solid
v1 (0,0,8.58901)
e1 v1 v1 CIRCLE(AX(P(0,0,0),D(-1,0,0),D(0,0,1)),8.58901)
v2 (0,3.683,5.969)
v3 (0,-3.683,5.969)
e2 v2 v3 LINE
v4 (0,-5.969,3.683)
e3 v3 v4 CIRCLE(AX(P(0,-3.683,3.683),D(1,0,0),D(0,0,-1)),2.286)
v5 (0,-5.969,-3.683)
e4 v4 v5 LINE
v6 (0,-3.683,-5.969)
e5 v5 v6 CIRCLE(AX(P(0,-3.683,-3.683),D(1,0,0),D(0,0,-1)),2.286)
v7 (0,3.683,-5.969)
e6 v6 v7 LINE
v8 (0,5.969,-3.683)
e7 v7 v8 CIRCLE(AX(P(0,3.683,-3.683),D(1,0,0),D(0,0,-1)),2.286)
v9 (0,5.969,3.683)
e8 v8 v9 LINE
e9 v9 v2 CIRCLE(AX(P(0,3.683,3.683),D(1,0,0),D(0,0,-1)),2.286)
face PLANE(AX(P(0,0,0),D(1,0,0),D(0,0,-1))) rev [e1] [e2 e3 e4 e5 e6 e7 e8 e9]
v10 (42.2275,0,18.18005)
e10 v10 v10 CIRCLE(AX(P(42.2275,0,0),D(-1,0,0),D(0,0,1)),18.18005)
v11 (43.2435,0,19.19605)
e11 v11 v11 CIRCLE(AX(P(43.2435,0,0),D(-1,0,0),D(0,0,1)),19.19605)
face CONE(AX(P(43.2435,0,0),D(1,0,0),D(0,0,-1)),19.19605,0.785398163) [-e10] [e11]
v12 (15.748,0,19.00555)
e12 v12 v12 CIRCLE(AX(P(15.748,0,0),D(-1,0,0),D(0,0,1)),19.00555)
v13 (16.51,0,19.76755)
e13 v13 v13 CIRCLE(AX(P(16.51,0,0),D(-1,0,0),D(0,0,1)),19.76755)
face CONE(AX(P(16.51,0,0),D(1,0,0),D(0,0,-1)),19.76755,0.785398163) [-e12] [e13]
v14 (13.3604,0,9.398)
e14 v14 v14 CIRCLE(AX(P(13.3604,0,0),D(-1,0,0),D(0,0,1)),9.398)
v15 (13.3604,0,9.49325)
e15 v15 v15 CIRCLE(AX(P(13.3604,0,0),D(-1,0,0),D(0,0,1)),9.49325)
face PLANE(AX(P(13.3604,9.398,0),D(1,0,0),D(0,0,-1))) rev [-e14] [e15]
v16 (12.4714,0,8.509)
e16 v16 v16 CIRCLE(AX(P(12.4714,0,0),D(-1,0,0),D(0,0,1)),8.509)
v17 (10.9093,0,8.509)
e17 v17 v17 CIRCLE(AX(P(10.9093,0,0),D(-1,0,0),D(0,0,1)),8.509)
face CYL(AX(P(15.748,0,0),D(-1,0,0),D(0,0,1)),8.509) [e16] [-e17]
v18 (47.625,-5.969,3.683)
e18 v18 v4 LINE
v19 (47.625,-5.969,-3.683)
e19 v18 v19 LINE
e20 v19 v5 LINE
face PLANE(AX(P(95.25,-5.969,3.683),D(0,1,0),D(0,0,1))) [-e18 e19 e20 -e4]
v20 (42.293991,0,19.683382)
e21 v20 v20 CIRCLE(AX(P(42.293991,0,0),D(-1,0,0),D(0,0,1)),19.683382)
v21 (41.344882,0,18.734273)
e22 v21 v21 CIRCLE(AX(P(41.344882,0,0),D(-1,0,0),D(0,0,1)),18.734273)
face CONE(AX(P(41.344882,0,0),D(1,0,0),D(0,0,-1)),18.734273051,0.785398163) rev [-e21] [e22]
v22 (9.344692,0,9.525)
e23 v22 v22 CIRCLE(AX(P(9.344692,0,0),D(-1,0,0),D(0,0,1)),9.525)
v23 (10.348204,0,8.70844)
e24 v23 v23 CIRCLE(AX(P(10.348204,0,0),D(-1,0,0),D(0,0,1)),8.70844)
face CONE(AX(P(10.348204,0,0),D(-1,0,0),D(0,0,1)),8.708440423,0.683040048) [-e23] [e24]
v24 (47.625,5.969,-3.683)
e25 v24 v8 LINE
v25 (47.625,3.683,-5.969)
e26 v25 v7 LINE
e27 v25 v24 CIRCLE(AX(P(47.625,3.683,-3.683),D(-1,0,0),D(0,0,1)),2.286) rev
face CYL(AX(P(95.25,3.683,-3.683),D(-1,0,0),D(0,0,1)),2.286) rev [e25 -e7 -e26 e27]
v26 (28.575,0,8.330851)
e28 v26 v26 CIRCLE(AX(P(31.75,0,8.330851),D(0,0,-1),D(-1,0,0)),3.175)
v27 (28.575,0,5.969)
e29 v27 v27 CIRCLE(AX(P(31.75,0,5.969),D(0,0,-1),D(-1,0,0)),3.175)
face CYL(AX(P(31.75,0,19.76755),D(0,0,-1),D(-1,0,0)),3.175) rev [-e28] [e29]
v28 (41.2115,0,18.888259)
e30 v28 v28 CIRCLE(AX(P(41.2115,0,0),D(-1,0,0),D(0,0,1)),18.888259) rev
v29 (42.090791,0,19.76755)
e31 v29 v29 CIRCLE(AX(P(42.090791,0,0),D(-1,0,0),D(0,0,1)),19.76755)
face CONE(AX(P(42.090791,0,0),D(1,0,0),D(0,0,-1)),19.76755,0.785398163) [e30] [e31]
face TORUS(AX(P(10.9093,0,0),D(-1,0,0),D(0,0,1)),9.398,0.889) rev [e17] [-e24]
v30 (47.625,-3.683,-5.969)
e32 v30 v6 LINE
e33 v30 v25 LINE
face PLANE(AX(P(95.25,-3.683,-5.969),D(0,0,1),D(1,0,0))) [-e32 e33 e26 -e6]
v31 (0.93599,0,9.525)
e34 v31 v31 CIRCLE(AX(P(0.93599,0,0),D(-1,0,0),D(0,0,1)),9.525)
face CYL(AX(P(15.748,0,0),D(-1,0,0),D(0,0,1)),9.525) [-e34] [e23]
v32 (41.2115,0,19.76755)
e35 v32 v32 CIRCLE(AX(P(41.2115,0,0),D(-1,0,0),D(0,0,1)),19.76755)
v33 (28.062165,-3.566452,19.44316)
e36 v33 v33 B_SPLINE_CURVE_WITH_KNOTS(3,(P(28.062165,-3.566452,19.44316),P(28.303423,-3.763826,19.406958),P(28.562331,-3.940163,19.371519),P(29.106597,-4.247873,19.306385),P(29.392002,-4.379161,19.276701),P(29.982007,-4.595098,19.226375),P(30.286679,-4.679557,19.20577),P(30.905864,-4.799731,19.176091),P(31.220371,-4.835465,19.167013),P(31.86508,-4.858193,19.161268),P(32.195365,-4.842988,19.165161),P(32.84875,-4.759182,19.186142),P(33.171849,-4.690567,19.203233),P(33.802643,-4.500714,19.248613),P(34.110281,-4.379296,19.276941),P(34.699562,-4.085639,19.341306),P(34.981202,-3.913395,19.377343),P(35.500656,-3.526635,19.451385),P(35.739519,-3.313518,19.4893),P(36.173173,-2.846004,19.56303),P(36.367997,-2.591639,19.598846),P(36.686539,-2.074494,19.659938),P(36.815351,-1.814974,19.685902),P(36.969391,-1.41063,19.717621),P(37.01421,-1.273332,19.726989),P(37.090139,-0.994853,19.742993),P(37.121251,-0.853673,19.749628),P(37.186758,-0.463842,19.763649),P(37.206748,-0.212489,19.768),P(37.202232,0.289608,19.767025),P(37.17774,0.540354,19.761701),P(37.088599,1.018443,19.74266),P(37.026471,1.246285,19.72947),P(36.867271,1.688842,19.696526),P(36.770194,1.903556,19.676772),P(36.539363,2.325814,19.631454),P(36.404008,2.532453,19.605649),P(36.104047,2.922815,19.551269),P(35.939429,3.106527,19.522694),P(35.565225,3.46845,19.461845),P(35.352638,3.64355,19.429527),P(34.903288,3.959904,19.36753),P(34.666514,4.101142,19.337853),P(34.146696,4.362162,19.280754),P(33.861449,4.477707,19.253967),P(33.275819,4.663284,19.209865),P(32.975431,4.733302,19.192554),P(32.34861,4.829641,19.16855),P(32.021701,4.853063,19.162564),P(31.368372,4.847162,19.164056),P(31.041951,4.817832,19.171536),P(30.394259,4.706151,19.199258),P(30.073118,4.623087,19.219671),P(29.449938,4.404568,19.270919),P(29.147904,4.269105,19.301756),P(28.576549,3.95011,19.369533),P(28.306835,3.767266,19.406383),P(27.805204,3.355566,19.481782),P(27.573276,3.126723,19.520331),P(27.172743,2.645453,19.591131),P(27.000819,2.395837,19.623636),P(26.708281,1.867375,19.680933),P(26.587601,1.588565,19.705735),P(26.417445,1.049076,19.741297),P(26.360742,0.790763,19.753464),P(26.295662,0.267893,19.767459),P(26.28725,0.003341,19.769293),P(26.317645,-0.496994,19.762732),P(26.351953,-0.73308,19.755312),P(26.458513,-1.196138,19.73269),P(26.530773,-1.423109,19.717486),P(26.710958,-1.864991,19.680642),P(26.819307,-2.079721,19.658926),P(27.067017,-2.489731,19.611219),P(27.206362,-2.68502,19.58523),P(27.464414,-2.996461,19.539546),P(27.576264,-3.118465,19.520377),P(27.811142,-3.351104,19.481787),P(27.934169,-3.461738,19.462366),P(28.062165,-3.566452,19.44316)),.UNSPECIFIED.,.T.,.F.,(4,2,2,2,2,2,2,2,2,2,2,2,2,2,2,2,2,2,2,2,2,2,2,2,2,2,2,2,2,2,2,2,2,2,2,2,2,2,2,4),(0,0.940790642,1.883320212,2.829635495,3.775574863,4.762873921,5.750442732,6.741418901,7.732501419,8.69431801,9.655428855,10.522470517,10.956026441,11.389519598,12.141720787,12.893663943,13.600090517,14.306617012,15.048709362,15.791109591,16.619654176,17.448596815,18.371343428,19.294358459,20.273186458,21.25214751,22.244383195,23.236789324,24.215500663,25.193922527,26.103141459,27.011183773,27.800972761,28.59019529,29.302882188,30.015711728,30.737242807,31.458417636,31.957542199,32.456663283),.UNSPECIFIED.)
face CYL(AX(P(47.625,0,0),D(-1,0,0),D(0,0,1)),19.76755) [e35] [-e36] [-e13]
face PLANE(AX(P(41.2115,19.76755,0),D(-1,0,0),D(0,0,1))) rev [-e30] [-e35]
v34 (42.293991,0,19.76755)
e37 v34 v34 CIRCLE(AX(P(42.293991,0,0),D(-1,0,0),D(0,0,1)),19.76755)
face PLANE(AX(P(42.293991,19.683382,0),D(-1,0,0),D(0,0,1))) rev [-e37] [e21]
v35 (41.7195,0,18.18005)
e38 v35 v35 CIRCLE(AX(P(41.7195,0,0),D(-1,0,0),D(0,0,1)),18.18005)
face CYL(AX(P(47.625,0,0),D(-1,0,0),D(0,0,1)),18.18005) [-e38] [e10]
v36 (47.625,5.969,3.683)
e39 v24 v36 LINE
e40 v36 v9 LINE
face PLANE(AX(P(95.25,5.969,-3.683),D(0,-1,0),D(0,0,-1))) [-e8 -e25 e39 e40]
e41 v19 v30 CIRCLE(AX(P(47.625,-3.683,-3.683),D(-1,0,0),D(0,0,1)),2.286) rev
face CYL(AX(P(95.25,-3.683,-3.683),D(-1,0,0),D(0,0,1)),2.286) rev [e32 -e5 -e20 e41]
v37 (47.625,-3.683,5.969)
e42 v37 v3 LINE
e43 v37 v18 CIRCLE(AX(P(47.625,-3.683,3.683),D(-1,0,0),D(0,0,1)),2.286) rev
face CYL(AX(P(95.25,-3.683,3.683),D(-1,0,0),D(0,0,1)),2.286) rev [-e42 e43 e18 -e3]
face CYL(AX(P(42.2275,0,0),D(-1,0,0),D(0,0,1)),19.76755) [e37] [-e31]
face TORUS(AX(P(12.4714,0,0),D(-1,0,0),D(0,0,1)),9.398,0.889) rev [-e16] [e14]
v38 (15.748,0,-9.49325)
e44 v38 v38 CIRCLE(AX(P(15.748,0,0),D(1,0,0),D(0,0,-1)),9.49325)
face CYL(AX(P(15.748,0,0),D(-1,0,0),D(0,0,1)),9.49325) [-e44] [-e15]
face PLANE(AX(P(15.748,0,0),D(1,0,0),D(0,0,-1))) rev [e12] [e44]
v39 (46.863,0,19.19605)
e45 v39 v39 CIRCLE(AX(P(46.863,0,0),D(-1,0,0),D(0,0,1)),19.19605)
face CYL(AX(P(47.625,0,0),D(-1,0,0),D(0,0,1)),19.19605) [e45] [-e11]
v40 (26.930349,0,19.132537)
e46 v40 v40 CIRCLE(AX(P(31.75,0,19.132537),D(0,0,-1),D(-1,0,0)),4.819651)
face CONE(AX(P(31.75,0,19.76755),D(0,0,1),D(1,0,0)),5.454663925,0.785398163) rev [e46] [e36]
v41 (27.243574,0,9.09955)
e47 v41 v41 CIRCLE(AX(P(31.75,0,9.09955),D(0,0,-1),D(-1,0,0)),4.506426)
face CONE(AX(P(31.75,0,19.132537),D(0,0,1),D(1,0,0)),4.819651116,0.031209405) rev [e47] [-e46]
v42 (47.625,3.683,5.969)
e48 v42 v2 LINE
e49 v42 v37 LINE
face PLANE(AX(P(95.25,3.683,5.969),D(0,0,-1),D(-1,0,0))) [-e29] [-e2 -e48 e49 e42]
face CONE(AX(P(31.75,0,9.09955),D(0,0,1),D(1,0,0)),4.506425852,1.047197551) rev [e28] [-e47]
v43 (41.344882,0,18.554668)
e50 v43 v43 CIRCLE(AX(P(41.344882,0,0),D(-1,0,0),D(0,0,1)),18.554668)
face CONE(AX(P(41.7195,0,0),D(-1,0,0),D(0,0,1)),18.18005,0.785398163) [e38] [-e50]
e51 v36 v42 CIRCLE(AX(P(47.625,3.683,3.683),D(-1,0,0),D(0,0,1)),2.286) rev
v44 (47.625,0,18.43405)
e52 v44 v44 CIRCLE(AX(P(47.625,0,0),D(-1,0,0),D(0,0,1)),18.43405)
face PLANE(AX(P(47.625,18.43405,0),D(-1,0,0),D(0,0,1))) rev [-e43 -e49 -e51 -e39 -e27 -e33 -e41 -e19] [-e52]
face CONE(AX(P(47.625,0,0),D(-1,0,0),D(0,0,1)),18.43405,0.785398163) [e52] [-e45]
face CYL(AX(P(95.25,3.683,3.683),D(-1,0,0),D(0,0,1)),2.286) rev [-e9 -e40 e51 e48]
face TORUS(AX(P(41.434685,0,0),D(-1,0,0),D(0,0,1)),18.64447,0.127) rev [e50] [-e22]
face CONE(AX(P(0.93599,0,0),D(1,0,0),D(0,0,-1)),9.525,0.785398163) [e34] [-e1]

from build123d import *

# Parameters (mm, degrees)
CUT_EXTRUDE1_DEPTH = 95.25


with BuildPart() as part:
    # Sketch1 → Revolve1 (revolve)
    with BuildSketch(Plane.XY):
        with BuildLine():
            Line((0, 0), (0, 8.58901))
            Line((0, 8.58901), (0.93599, 9.525))
            Line((0.93599, 9.525), (9.344692072, 9.525))
            Line((9.344692072, 9.525), (10.348204118, 8.708440423))
            ThreePointArc((10.348204118, 8.708440423), (10.611556372, 8.560342712), (10.9093, 8.509))
            Line((10.9093, 8.509), (12.4714, 8.509))
            ThreePointArc((12.4714, 8.509), (13.100017928, 8.769382072), (13.3604, 9.398))
            Line((13.3604, 9.398), (13.3604, 9.49325))
            Line((13.3604, 9.49325), (15.748, 9.49325))
            Line((15.748, 9.49325), (15.748, 0))
            Line((15.748, 0), (0, 0))
        make_face()
    revolve(axis=Axis((15.748, 0, 0), (-1, 0, 0)))

    # Sketch2 → Revolve2 (revolve)
    with BuildSketch(Plane.XY):
        Polygon((15.748, 0), (15.748, 19.00555), (16.51, 19.76755), (41.2115, 19.76755), (41.2115, 18.18005), (42.2275, 18.18005), (43.2435, 19.19605), (46.863, 19.19605), (47.625, 18.43405), (47.625, 0), align=None)
    revolve(axis=Axis((47.625, 0, 0), (-1, 0, 0)))

    # Sketch3 → Cut-Revolve1 (revolve, cut)
    with BuildSketch(Plane(origin=(0, 0, 0), x_dir=(1, 0, 0), z_dir=(0, 1, 0))):
        Polygon((31.75, 0), (34.925, 0), (34.925, -8.330850926), (36.256425852, -9.09955), (36.569651116, -19.132537191), (37.204663925, -19.76755), (31.75, -19.76755), align=None)
    revolve(axis=Axis((31.75, 0, 19.76755), (0, 0, -1)), mode=Mode.SUBTRACT)

    # Sketch4 → Revolve3 (revolve)
    with BuildSketch(Plane.XY):
        with BuildLine():
            Line((41.2115, 17.92605), (42.2275, 17.92605))
            Line((42.2275, 17.92605), (42.2275, 18.18005))
            Line((42.2275, 18.18005), (41.7195, 18.18005))
            Line((41.7195, 18.18005), (41.344882072, 18.554667928))
            ThreePointArc((41.344882072, 18.554667928), (41.307684633, 18.64447049), (41.344882072, 18.734273051))
            Line((41.344882072, 18.734273051), (42.293990825, 19.683381804))
            Line((42.293990825, 19.683381804), (42.293990825, 19.76755))
            Line((42.293990825, 19.76755), (42.090790825, 19.76755))
            Line((42.090790825, 19.76755), (41.2115, 18.888259175))
            Line((41.2115, 18.888259175), (41.2115, 17.92605))
        make_face()
    revolve(axis=Axis((42.2275, 0, 0), (-1, 0, 0)))

    # Sketch5 → Cut-Extrude1 (cut)
    with BuildSketch(Plane(origin=(0, 0, 0), x_dir=(0, 0, -1), z_dir=(1, 0, 0))):
        with BuildLine():
            Line((-5.969, 3.683), (-5.969, -3.683))
            ThreePointArc((-5.969, -3.683), (-5.299446102, -5.299446102), (-3.683, -5.969))
            Line((-3.683, -5.969), (3.683, -5.969))
            ThreePointArc((3.683, -5.969), (5.299446102, -5.299446102), (5.969, -3.683))
            Line((5.969, -3.683), (5.969, 3.683))
            ThreePointArc((5.969, 3.683), (5.299446102, 5.299446102), (3.683, 5.969))
            Line((3.683, 5.969), (-3.683, 5.969))
            ThreePointArc((-3.683, 5.969), (-5.299446102, 5.299446102), (-5.969, 3.683))
        make_face()
    extrude(amount=CUT_EXTRUDE1_DEPTH, mode=Mode.SUBTRACT)


solid = part.part
